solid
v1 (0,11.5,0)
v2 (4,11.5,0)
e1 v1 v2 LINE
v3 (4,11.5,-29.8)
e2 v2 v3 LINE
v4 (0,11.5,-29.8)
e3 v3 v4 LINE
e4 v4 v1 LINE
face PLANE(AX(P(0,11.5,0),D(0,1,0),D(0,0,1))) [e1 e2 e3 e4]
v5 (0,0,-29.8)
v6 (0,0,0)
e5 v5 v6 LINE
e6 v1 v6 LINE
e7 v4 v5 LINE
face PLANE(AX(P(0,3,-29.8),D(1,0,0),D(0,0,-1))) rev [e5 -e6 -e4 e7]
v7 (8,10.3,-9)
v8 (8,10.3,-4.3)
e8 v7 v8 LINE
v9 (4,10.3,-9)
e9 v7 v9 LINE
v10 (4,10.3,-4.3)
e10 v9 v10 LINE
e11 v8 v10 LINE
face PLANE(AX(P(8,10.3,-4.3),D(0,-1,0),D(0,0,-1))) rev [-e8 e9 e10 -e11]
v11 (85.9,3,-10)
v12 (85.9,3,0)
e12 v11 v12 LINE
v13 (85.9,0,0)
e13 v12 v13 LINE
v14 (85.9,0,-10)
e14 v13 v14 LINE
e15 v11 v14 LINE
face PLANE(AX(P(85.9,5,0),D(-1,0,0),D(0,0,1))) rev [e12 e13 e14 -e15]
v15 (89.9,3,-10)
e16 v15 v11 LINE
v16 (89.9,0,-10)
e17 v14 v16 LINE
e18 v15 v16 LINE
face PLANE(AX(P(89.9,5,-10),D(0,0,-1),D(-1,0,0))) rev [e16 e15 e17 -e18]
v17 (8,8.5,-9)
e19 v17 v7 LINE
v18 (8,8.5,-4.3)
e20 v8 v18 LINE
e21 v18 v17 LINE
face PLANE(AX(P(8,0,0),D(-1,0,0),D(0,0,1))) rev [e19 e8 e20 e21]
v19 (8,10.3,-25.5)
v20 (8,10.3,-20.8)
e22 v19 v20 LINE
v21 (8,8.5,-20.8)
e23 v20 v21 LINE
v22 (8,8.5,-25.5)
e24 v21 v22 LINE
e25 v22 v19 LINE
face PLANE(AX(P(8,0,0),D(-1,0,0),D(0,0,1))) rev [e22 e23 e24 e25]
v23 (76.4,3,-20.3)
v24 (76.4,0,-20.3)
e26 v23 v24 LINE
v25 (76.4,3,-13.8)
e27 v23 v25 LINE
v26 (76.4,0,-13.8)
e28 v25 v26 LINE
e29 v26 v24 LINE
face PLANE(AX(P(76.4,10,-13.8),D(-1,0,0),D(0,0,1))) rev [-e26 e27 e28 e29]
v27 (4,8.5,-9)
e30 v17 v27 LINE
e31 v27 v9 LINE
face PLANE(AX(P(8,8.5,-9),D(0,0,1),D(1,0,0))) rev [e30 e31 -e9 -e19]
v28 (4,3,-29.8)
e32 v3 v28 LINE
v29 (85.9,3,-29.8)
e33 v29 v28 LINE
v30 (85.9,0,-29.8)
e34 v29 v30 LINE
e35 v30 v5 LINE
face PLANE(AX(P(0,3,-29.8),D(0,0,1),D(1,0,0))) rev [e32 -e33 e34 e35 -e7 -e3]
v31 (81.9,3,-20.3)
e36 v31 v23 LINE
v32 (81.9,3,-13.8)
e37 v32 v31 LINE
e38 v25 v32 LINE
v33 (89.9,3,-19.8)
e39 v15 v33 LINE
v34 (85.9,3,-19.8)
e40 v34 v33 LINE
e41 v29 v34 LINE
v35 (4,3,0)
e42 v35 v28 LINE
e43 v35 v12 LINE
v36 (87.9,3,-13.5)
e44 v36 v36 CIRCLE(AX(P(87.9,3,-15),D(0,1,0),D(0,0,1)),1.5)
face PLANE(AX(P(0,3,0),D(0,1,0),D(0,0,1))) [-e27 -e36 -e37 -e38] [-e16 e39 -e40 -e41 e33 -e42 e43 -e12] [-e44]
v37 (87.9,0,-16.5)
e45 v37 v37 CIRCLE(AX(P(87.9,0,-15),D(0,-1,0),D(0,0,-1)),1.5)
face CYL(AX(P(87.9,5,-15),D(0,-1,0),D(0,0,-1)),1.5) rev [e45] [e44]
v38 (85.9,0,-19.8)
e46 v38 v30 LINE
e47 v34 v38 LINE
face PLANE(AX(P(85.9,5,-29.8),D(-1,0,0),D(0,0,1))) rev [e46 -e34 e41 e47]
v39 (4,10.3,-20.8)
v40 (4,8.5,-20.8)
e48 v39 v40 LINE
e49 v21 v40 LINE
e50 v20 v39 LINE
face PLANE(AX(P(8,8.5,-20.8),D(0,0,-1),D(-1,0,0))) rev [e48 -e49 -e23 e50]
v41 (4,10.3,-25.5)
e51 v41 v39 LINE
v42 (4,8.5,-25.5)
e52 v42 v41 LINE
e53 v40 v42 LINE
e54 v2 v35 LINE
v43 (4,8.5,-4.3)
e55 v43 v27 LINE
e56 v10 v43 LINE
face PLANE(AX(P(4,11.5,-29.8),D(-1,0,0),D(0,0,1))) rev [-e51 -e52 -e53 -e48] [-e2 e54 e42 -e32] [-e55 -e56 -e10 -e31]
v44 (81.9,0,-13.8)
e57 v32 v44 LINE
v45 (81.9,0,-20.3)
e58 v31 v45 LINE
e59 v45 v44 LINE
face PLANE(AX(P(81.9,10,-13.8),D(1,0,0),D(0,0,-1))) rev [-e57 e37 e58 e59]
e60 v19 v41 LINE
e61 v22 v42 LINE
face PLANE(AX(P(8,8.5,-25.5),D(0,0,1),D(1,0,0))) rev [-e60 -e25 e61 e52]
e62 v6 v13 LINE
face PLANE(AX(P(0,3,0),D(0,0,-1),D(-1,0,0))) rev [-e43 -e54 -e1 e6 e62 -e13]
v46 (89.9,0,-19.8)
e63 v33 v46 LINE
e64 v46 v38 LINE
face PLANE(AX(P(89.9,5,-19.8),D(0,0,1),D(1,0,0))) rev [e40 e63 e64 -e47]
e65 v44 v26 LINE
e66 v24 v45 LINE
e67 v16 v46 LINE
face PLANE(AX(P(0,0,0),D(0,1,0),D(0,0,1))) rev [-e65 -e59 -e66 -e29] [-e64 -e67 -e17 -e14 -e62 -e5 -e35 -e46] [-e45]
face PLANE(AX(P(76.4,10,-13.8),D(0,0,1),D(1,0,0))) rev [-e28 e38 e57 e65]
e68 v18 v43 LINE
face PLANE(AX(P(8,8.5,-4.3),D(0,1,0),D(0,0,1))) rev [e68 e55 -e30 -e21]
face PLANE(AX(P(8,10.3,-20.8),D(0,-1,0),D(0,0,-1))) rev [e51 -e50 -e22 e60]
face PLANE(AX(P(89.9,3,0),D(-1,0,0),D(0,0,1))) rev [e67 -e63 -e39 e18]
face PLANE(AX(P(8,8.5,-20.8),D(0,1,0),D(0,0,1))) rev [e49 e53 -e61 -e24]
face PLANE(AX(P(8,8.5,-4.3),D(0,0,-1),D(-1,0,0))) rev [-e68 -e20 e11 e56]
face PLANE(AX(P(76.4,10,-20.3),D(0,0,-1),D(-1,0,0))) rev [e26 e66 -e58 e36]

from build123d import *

# Parameters (mm, degrees)
SKETCH1_W           = 89.9
SKETCH1_H           = 29.8
BOSS_EXTRUDE1_DEPTH = 3
SKETCH8_R           = 1.5
SKETCH8_W           = 4
SKETCH8_H           = 10
CUT_EXTRUDE5_DEPTH  = 5
SKETCH12_W          = 5.5
SKETCH12_H          = 6.5
CUT_EXTRUDE8_DEPTH  = 10
SKETCH15_W          = 4
SKETCH15_H          = 29.8
BOSS_EXTRUDE2_DEPTH = 8.5
SKETCH16_W          = 4.7
SKETCH16_H          = 1.8
BOSS_EXTRUDE3_DEPTH = 4


with BuildPart() as part:
    # Sketch1 → Boss-Extrude1 (new body)
    with BuildSketch(Plane(origin=(0, 0, 0), x_dir=(1, 0, 0), z_dir=(0, 1, 0))):
        with Locations((44.95, 14.9)):
            Rectangle(SKETCH1_W, SKETCH1_H)
    extrude(amount=BOSS_EXTRUDE1_DEPTH)

    # Sketch8 → Cut-Extrude5 (cut)
    with BuildSketch(Plane(origin=(0, 0, 0), x_dir=(-1, 0, 0), z_dir=(0, -1, 0))):
        with Locations(Location((-87.9, 15, 0), (0, 0, 90))):
            Circle(SKETCH8_R)
        with Locations((-87.9, 5)):
            Rectangle(SKETCH8_W, SKETCH8_H)
        with Locations((-87.9, 24.8)):
            Rectangle(SKETCH8_W, SKETCH8_H)
    extrude(amount=-CUT_EXTRUDE5_DEPTH, mode=Mode.SUBTRACT)

    # Sketch12 → Cut-Extrude8 (cut)
    with BuildSketch(Plane.XZ):
        with Locations((79.15, -17.05)):
            Rectangle(SKETCH12_W, SKETCH12_H)
    extrude(amount=-CUT_EXTRUDE8_DEPTH, mode=Mode.SUBTRACT)

    # Sketch15 → Boss-Extrude2 (add)
    with BuildSketch(Plane(origin=(0, 3, 0), x_dir=(1, 0, 0), z_dir=(0, 1, 0))):
        with Locations((2, 14.9)):
            Rectangle(SKETCH15_W, SKETCH15_H)
    extrude(amount=BOSS_EXTRUDE2_DEPTH)

    # Sketch16 → Boss-Extrude3 (add)
    with BuildSketch(Plane(origin=(4, 0, 0), x_dir=(0, 0, -1), z_dir=(1, 0, 0))):
        with Locations((6.65, 9.4)):
            Rectangle(SKETCH16_W, SKETCH16_H)
        with Locations((23.15, 9.4)):
            Rectangle(SKETCH16_W, SKETCH16_H)
    extrude(amount=BOSS_EXTRUDE3_DEPTH)


solid = part.part
